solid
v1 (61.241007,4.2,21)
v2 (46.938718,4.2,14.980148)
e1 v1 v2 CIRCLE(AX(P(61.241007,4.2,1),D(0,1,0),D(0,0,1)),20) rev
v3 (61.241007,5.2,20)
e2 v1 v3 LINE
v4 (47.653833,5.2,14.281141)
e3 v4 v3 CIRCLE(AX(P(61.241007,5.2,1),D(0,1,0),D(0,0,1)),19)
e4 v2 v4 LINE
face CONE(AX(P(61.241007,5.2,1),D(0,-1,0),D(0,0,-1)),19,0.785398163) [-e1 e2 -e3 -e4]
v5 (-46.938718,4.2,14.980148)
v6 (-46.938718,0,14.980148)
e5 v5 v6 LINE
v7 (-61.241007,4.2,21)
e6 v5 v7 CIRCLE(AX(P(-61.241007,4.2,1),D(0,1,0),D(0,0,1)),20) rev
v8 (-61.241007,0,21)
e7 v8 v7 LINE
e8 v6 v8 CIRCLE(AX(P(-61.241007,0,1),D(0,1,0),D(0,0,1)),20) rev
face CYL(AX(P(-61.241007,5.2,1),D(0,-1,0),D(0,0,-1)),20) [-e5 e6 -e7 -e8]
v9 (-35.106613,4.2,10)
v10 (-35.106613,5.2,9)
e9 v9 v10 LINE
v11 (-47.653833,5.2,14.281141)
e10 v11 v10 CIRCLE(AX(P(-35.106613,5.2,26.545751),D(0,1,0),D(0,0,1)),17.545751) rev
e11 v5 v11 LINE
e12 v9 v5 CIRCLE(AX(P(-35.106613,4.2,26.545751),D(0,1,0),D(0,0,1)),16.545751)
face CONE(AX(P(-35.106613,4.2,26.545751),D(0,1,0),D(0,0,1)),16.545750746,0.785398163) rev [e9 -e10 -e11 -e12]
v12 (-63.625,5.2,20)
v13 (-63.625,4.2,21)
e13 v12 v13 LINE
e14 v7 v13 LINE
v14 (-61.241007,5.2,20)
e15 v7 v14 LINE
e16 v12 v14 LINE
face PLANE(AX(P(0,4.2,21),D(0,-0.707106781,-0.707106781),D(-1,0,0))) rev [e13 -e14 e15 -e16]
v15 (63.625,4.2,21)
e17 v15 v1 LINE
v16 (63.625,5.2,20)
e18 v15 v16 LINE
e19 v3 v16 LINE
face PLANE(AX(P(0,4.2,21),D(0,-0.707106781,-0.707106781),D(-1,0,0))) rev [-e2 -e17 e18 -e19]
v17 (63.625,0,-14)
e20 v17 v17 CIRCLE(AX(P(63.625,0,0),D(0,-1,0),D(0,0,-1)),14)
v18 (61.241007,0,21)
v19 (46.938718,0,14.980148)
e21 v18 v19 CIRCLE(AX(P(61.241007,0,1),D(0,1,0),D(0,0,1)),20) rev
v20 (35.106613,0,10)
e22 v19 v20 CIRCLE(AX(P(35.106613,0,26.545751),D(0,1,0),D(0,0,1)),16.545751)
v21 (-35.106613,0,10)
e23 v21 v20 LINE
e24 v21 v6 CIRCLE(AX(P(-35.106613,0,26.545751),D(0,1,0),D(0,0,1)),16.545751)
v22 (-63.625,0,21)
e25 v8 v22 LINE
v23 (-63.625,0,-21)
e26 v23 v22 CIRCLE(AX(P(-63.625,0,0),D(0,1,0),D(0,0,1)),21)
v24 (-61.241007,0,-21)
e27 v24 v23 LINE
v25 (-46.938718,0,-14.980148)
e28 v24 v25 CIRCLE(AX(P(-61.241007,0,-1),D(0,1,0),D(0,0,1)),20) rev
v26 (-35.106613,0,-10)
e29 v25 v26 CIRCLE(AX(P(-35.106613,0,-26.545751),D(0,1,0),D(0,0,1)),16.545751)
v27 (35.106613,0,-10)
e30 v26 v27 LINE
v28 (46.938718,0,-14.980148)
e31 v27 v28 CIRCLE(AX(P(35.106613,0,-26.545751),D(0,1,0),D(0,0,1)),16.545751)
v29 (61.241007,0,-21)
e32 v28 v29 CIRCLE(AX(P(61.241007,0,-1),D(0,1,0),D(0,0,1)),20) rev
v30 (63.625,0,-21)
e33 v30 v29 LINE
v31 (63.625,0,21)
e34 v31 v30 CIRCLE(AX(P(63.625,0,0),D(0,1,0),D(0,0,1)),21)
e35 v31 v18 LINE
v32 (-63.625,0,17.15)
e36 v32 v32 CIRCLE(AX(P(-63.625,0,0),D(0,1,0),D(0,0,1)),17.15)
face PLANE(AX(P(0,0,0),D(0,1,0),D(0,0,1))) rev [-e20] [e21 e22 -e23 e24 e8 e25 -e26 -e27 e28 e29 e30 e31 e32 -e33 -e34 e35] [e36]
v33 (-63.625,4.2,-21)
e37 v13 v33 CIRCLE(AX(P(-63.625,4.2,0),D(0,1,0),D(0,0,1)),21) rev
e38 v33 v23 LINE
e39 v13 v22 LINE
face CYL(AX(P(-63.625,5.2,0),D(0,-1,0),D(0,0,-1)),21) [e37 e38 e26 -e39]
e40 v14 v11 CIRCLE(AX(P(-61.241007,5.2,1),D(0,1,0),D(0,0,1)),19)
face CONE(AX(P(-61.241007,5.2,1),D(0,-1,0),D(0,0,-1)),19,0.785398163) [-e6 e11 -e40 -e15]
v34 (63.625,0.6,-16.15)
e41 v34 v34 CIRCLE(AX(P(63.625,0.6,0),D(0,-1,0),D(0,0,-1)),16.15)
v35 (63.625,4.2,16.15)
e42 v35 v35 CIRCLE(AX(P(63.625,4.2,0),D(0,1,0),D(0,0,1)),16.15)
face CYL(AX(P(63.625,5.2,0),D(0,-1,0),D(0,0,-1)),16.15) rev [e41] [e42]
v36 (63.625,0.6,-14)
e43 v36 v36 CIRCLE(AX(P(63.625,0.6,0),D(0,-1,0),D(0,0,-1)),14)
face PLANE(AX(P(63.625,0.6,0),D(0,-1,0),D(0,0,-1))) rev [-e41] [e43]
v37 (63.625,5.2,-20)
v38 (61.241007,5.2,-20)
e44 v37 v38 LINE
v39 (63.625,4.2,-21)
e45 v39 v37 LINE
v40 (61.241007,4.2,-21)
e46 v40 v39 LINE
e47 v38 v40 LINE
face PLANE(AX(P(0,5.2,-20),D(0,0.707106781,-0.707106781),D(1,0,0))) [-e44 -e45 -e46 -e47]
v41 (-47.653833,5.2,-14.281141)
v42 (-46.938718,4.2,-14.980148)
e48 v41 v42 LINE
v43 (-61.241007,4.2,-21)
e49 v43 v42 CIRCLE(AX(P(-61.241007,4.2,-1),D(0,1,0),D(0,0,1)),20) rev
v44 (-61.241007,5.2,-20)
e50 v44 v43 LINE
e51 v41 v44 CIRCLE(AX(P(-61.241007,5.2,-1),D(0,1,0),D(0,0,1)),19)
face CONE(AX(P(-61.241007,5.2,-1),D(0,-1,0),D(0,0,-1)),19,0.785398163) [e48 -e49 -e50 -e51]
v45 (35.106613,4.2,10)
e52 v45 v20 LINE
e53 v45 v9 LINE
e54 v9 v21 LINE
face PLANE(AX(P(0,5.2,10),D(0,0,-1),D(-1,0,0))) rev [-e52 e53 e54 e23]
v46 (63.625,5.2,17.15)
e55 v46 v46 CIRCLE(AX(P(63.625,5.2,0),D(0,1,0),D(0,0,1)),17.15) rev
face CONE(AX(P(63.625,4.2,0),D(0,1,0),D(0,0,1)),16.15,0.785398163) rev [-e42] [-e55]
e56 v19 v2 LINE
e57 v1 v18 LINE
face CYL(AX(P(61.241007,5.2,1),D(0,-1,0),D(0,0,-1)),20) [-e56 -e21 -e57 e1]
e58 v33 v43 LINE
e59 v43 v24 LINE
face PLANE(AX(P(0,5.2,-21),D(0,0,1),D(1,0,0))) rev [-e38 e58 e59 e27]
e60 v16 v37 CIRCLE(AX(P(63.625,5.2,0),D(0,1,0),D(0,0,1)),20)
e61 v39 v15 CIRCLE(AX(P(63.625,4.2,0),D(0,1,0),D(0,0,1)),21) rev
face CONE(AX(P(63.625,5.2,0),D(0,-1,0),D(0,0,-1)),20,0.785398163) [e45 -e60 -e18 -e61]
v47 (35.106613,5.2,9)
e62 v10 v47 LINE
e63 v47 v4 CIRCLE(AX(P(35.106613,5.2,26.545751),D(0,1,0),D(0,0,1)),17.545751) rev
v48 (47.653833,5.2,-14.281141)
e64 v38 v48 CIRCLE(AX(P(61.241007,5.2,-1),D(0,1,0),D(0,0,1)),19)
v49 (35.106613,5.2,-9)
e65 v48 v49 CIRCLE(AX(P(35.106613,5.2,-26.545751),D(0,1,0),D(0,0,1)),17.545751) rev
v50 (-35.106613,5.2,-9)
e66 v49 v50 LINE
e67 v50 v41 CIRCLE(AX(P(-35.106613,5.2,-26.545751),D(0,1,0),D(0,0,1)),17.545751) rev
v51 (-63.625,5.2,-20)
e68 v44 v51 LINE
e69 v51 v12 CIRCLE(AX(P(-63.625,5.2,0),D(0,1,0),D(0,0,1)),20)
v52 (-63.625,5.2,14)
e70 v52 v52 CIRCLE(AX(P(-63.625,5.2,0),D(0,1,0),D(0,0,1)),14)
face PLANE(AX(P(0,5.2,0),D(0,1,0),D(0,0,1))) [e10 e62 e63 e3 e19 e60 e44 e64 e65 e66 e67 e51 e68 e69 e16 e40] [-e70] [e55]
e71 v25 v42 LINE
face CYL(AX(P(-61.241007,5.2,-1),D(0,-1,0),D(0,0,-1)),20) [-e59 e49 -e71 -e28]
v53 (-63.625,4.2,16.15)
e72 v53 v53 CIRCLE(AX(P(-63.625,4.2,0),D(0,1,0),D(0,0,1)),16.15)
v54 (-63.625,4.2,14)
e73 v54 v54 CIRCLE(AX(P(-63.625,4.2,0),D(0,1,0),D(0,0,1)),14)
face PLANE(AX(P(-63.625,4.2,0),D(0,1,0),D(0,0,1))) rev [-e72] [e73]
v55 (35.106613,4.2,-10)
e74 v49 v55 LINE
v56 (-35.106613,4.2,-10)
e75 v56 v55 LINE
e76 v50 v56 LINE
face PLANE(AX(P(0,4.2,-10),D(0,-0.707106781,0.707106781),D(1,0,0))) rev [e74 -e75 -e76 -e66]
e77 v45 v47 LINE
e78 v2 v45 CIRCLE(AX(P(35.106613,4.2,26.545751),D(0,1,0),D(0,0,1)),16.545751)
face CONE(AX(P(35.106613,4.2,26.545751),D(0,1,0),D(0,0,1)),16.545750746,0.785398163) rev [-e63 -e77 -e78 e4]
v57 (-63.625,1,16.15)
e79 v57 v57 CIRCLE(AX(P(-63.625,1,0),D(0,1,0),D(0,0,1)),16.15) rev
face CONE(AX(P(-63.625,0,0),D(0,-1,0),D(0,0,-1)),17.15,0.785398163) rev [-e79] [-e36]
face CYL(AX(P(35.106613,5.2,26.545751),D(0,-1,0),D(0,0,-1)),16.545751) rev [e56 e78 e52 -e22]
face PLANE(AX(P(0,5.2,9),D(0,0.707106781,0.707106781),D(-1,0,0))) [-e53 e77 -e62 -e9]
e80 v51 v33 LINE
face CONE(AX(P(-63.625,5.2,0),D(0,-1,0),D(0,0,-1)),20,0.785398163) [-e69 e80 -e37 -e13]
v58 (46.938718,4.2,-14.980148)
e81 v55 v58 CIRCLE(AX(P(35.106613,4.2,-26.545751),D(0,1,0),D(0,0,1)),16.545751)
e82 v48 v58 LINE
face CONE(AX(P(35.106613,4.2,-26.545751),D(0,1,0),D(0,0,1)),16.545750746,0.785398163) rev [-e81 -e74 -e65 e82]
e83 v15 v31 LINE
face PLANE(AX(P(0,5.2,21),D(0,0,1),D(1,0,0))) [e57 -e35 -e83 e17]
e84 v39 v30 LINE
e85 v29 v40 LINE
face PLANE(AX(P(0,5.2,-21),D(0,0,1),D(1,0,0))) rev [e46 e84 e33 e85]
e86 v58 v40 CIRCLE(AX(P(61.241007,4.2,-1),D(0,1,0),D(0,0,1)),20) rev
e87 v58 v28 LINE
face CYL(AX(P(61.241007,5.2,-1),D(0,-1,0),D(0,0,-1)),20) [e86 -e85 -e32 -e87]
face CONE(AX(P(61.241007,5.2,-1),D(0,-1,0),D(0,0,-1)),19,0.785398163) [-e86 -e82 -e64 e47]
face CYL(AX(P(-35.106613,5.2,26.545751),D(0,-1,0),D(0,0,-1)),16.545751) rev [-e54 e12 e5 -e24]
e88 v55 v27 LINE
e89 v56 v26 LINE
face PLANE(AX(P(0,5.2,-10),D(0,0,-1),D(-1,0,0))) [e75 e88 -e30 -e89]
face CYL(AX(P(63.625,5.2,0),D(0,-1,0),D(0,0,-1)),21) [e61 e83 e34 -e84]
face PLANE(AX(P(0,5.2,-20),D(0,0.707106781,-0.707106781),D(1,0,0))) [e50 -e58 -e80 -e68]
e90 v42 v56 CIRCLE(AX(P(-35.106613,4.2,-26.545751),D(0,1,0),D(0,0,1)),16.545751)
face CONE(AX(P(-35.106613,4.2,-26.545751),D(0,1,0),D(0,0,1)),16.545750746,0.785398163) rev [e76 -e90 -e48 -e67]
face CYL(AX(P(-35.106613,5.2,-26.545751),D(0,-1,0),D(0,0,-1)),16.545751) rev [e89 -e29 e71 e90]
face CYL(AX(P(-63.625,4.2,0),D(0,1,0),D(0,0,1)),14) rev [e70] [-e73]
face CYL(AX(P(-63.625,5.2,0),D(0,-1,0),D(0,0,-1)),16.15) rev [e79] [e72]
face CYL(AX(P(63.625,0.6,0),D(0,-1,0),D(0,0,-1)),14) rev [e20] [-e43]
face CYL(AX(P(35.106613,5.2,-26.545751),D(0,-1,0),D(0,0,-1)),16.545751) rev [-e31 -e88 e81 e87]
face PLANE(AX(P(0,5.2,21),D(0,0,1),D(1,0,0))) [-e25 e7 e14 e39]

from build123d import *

# Parameters (mm, degrees)
SKETCH1_R           = 16.15
BOSS_EXTRUDE1_DEPTH = 5.2
FILLET1_R           = 20
CHAMFER1_SIZE       = 1
SKETCH2_R           = 19.025242353
SKETCH2_R_2         = 14
BOSS_EXTRUDE2_DEPTH = 0.6
SKETCH4_R           = 18.71529055
SKETCH4_R_2         = 14
BOSS_EXTRUDE3_DEPTH = 1
CHAMFER2_SIZE       = 1


with BuildPart() as part:
    # Sketch1 → Boss-Extrude1 (new body)
    with BuildSketch(Plane(origin=(0, 0, 0), x_dir=(1, 0, 0), z_dir=(0, 1, 0))):
        with BuildLine():
            Line((50.6952797, -21), (63.625, -21))
            ThreePointArc((63.625, -21), (84.625, 0), (63.625, 21))
            Line((63.625, 21), (50.6952797, 21))
            ThreePointArc((50.6952797, 21), (44.646090821, 13.026866227), (35.106613419, 10))
            Line((35.106613419, 10), (-35.106613419, 10))
            ThreePointArc((-35.106613419, 10), (-44.646090821, 13.026866227), (-50.6952797, 21))
            Line((-50.6952797, 21), (-63.625, 21))
            ThreePointArc((-63.625, 21), (-84.625, 0), (-63.625, -21))
            Line((-63.625, -21), (-50.6952797, -21))
            ThreePointArc((-50.6952797, -21), (-44.646090821, -13.026866227), (-35.106613419, -10))
            Line((-35.106613419, -10), (35.106613419, -10))
            ThreePointArc((35.106613419, -10), (44.646090821, -13.026866227), (50.6952797, -21))
        make_face()
        with Locations((-63.625, 0)):
            Circle(SKETCH1_R, mode=Mode.SUBTRACT)
        with Locations((63.625, 0)):
            Circle(SKETCH1_R, mode=Mode.SUBTRACT)
    extrude(amount=BOSS_EXTRUDE1_DEPTH)

    # Fillet1
    fillet1_edges = [part.edges().sort_by_distance(p)[0] for p in [
        (-50.6952797, 2.6, 21),
        (-50.6952797, 2.6, -21),
        (50.6952797, 2.6, -21),
        (50.6952797, 2.6, 21),
    ]]
    fillet(fillet1_edges, radius=FILLET1_R)

    # Chamfer1
    chamfer1_edges = [part.edges().sort_by_distance(p)[0] for p in [
        (62.433003391, 5.2, 21),
        (84.625, 5.2, 0),
        (62.433003391, 5.2, -21),
        (41.52534742, 5.2, -11.295776268),
        (0, 5.2, -10),
        (41.52534742, 5.2, 11.295776268),
        (-41.52534742, 5.2, -11.295776268),
        (-62.433003391, 5.2, -21),
        (-62.433003391, 5.2, 21),
        (-53.482236449, 5.2, 19.433705079),
        (-53.482236449, 5.2, -19.433705079),
        (-84.625, 5.2, 0),
        (53.482236449, 5.2, -19.433705079),
        (53.482236449, 5.2, 19.433705079),
        (-41.52534742, 5.2, 11.295776268),
        (0, 5.2, 10),
        (47.475, 5.2, 0),
    ]]
    chamfer(chamfer1_edges, length=CHAMFER1_SIZE)

    # Sketch2 → Boss-Extrude2 (add)
    with BuildSketch(Plane.XZ):
        with Locations((63.625, 0)):
            Circle(SKETCH2_R)
        with Locations((63.625, 0)):
            Circle(SKETCH2_R_2, mode=Mode.SUBTRACT)
    extrude(amount=-BOSS_EXTRUDE2_DEPTH)

    # Sketch4 → Boss-Extrude3 (add)
    with BuildSketch(Plane(origin=(0, 5.2, 0), x_dir=(1, 0, 0), z_dir=(0, 1, 0))):
        with Locations((-63.625, 0)):
            Circle(SKETCH4_R)
        with Locations((-63.625, 0)):
            Circle(SKETCH4_R_2, mode=Mode.SUBTRACT)
    extrude(amount=-BOSS_EXTRUDE3_DEPTH)

    # Chamfer2
    chamfer2_edges = [part.edges().sort_by_distance(p)[0] for p in [
        (-79.775, 0, 0),
    ]]
    chamfer(chamfer2_edges, length=CHAMFER2_SIZE)


solid = part.part
